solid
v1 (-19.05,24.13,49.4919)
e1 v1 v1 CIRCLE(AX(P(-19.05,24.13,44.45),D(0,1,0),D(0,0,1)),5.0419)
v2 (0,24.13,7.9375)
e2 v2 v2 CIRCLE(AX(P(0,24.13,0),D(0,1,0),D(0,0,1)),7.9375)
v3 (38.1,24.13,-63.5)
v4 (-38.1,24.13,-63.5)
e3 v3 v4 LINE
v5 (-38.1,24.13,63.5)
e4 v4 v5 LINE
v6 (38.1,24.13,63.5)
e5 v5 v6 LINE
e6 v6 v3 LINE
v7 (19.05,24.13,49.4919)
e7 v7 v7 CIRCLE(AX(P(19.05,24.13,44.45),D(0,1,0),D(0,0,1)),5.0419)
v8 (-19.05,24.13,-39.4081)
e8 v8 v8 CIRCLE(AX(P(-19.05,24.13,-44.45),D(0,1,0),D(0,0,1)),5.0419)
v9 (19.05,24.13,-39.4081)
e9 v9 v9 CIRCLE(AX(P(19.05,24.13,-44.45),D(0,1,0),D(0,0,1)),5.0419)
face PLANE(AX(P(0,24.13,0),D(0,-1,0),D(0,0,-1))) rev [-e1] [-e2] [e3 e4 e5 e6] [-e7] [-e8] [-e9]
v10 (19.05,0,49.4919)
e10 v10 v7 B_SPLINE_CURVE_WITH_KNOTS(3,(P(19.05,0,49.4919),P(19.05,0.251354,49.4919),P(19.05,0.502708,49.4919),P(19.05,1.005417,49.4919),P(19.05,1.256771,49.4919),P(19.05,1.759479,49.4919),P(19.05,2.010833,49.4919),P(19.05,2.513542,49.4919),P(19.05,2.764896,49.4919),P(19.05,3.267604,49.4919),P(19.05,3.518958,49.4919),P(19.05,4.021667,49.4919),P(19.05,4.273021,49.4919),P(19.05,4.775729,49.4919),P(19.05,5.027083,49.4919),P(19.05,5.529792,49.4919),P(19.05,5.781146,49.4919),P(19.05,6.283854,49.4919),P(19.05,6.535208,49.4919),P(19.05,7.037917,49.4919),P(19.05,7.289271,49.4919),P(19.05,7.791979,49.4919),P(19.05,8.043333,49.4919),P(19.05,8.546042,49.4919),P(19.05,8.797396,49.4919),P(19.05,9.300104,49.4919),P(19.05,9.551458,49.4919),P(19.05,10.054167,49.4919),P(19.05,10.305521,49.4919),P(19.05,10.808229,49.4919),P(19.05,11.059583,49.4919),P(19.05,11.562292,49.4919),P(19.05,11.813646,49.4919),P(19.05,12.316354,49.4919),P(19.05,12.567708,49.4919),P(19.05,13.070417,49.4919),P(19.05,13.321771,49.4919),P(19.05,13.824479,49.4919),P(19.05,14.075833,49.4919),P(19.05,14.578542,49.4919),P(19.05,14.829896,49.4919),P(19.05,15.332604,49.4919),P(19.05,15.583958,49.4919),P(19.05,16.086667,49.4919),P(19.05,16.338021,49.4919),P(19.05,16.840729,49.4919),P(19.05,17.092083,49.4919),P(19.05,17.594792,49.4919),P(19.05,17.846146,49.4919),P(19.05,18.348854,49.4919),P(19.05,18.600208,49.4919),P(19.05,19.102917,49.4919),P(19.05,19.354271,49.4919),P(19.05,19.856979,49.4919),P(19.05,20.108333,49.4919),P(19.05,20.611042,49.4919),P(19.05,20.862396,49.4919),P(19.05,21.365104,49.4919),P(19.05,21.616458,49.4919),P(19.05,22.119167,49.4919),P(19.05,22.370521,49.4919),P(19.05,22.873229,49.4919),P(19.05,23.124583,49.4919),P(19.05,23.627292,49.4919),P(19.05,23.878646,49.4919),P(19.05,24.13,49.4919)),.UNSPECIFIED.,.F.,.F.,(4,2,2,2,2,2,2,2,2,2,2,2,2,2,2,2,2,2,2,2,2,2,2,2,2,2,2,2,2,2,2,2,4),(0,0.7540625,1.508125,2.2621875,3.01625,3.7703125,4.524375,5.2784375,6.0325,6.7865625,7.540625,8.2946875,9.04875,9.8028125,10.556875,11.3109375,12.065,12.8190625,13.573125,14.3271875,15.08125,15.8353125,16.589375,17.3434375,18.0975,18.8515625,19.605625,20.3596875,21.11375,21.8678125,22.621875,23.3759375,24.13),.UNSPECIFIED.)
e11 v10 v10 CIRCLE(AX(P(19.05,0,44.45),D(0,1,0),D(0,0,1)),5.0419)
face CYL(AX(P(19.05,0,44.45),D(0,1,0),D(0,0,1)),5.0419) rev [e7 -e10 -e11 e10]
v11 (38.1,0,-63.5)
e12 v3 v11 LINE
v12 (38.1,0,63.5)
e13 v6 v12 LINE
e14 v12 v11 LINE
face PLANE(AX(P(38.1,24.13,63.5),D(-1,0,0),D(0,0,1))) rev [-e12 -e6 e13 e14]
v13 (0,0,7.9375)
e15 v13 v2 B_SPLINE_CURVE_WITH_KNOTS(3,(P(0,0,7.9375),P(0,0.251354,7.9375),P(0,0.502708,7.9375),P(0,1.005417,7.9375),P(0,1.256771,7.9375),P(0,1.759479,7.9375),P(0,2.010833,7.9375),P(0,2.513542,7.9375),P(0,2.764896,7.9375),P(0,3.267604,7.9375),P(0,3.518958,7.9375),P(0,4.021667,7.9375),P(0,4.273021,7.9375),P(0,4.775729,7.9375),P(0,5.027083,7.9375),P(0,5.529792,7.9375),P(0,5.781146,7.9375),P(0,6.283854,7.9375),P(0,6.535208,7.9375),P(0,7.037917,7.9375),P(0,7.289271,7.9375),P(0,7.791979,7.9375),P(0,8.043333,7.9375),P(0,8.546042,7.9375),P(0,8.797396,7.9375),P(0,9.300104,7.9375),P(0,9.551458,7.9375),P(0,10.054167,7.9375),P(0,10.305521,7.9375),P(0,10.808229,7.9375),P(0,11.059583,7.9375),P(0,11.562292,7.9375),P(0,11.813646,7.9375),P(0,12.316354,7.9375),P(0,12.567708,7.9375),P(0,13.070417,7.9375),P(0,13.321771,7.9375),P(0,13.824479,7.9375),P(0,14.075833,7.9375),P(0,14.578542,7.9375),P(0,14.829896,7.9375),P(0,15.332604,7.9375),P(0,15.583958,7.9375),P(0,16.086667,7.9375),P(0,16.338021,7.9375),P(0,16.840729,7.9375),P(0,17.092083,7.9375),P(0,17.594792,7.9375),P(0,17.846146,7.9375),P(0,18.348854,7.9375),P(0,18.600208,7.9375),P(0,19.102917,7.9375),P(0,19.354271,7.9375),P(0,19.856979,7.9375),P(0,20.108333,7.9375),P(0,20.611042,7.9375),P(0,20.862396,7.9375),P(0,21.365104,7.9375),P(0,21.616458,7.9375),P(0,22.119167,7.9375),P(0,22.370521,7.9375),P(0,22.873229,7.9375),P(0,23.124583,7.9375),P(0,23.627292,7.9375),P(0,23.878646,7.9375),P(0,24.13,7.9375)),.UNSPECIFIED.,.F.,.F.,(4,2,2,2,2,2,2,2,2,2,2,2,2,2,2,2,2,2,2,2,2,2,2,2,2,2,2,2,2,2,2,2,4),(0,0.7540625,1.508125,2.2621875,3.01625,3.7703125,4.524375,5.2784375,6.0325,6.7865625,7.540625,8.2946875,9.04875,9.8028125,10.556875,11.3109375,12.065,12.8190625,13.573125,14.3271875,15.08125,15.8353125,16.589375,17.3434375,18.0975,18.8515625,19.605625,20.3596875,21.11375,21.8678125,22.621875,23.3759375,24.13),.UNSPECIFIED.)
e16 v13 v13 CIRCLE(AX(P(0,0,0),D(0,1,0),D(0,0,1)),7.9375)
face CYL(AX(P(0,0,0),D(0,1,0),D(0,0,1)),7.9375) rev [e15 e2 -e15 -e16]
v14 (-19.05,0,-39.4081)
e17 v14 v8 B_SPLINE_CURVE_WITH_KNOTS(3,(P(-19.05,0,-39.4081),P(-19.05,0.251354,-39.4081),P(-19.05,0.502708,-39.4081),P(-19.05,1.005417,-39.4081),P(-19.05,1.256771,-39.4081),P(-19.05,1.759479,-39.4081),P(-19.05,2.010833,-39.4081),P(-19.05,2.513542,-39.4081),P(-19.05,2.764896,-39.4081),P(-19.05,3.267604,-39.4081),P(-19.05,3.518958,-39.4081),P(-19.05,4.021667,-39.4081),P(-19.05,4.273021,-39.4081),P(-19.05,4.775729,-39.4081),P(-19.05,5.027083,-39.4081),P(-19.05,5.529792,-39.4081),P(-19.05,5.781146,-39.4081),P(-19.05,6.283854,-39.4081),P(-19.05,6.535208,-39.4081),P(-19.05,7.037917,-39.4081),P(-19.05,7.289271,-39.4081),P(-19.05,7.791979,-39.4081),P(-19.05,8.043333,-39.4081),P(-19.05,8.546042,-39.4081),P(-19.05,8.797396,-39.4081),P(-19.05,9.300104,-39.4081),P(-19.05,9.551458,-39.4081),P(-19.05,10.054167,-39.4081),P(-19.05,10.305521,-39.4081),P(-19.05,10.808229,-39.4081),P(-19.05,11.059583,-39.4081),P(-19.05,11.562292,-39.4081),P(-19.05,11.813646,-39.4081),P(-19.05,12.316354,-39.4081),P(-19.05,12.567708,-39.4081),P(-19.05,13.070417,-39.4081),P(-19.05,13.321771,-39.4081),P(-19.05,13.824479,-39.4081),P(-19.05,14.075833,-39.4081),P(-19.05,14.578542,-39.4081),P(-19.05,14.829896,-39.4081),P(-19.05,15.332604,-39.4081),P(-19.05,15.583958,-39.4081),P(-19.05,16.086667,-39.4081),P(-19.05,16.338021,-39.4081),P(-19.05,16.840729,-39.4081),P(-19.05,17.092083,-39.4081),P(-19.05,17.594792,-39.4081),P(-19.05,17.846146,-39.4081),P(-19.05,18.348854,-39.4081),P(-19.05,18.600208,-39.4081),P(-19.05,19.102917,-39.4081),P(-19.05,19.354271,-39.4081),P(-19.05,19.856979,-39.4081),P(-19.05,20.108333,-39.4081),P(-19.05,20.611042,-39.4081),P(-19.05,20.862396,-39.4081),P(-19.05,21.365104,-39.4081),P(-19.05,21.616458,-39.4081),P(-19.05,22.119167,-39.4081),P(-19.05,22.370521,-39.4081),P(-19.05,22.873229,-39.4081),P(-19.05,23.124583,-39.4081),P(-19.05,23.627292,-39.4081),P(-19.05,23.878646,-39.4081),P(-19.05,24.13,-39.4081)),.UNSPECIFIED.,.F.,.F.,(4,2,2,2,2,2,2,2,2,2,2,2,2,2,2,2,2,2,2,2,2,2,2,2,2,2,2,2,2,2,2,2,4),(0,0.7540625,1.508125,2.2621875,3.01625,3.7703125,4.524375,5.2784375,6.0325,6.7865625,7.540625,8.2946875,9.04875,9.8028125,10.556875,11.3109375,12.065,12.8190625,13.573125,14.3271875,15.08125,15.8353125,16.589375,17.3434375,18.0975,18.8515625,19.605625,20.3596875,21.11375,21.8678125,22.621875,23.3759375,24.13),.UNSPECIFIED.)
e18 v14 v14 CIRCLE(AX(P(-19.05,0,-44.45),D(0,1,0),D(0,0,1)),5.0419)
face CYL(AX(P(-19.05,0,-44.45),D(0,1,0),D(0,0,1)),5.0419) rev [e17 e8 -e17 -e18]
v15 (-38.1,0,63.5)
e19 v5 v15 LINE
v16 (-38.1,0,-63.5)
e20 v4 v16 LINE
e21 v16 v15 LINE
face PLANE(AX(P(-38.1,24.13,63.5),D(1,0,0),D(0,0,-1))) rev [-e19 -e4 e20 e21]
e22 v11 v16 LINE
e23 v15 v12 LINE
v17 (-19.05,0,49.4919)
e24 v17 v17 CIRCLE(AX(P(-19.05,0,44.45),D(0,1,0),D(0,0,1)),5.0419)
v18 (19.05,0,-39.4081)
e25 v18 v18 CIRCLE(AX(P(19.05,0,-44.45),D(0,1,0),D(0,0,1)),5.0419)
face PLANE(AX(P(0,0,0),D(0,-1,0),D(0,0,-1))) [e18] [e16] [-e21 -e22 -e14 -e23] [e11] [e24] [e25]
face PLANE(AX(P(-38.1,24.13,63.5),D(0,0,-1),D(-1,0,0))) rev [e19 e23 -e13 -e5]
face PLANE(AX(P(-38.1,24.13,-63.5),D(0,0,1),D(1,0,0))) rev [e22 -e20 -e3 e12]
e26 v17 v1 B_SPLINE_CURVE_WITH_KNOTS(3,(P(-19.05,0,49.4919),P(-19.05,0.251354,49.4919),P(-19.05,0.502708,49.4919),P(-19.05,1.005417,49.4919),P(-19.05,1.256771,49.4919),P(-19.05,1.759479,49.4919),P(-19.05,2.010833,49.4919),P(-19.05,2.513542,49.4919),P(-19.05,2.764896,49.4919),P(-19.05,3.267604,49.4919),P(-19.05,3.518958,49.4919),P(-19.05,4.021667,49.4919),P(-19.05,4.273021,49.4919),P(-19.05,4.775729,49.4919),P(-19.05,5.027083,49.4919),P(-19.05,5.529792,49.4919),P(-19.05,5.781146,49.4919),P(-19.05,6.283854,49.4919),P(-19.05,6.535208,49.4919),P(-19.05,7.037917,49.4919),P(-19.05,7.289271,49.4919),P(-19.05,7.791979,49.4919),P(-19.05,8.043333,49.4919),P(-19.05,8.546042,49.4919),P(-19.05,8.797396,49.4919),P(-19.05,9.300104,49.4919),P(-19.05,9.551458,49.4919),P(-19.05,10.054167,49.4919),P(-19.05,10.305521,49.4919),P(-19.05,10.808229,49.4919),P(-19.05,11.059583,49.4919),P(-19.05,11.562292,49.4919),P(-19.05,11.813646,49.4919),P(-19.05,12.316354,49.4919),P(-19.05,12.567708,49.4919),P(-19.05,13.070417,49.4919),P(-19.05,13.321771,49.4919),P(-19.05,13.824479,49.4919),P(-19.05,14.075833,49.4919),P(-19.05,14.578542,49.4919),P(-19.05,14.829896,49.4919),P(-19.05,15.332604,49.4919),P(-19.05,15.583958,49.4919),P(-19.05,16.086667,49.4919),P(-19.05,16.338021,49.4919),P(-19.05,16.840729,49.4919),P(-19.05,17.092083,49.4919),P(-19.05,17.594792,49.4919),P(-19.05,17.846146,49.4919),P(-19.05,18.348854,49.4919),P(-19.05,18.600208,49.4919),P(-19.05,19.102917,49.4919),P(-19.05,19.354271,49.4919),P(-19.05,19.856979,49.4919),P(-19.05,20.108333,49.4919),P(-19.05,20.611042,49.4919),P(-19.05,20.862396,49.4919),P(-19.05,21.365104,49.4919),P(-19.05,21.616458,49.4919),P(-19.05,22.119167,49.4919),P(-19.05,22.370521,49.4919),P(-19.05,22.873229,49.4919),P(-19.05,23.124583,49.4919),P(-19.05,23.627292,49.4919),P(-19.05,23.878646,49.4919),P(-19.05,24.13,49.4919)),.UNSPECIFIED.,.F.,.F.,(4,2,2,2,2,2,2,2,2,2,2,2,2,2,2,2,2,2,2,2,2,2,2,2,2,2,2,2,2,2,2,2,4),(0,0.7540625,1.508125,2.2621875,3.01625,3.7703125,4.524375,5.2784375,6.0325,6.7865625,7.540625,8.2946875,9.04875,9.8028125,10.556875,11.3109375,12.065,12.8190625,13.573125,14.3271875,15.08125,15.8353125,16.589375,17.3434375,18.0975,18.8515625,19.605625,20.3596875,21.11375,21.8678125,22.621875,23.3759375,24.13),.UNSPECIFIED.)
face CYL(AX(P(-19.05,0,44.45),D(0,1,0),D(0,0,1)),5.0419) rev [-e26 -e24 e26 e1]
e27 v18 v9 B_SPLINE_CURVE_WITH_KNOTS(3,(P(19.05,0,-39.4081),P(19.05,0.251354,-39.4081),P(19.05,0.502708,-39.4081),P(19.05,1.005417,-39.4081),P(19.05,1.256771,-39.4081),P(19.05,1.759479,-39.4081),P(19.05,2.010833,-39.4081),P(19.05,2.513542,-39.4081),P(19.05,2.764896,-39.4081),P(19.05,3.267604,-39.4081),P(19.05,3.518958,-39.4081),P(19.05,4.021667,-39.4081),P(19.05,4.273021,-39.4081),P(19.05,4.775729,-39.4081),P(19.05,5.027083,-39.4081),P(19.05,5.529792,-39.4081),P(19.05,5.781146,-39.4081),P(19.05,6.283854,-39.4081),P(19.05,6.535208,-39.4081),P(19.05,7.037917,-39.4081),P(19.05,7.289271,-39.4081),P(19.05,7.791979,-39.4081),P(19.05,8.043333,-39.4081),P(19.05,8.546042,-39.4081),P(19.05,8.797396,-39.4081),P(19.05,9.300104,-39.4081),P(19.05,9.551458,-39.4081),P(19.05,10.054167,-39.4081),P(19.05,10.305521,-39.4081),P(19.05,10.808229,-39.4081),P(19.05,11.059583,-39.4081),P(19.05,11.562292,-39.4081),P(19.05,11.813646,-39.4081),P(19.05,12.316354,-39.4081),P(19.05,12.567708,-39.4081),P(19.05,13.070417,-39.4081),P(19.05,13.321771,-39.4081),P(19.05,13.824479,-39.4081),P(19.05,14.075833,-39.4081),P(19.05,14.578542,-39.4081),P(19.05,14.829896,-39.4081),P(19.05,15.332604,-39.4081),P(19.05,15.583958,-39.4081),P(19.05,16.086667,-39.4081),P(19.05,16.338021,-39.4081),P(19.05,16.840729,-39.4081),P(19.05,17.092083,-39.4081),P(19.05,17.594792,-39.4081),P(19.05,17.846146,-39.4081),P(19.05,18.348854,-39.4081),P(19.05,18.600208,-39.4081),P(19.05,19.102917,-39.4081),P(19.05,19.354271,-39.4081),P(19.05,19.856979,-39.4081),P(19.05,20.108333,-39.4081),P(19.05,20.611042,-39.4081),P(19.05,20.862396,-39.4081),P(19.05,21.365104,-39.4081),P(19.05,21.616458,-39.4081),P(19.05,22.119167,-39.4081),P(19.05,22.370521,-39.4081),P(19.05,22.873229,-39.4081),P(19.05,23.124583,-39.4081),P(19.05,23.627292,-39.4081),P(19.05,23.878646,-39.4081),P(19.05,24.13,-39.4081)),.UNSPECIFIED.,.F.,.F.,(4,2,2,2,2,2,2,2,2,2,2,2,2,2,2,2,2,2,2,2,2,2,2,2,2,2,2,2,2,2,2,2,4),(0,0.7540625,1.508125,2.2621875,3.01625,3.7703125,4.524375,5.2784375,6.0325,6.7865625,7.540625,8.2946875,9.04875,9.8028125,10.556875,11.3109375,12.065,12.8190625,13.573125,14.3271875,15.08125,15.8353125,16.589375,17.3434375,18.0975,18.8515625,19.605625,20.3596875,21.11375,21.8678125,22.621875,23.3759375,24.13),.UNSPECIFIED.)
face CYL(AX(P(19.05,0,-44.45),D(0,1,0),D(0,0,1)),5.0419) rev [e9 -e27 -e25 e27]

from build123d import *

# Parameters (mm, degrees)
SKETCH1_W                    = 76.2
SKETCH1_H                    = 127
BOSS_EXTRUDE1_DEPTH          = 24.13
SKETCH2_R                    = 7.9375
F_1_2_13_THREADED_HOLE_DEPTH = 78.885280381
SKETCH3_R                    = 5.0419
F_3_8_THROUGH_HOLES_DEPTH    = 78.885280381


with BuildPart() as part:
    # Sketch1 → Boss-Extrude1 (new body)
    with BuildSketch(Plane(origin=(0, 0, 0), x_dir=(1, 0, 0), z_dir=(0, 1, 0))):
        Rectangle(SKETCH1_W, SKETCH1_H)
    extrude(amount=BOSS_EXTRUDE1_DEPTH)

    # Sketch2 → 1/2"-13 Threaded Hole (cut, through all)
    with BuildSketch(Plane(origin=(0, 24.13, 0), x_dir=(1, 0, 0), z_dir=(0, 1, 0))):
        with Locations(Location((0, 0, 0), (0, 0, 270))):
            Circle(SKETCH2_R)
    extrude(amount=-F_1_2_13_THREADED_HOLE_DEPTH, mode=Mode.SUBTRACT)

    # Sketch3 → 3/8" Through Holes (cut, through all)
    with BuildSketch(Plane(origin=(0, 24.13, 0), x_dir=(1, 0, 0), z_dir=(0, 1, 0))):
        with Locations(Location((-19.05, 44.45, 0), (0, 0, 270))):
            Circle(SKETCH3_R)
        with Locations(Location((19.05, 44.45, 0), (0, 0, 270))):
            Circle(SKETCH3_R)
        with Locations(Location((19.05, -44.45, 0), (0, 0, 270))):
            Circle(SKETCH3_R)
        with Locations(Location((-19.05, -44.45, 0), (0, 0, 270))):
            Circle(SKETCH3_R)
    extrude(amount=-F_3_8_THROUGH_HOLES_DEPTH, mode=Mode.SUBTRACT)


solid = part.part
